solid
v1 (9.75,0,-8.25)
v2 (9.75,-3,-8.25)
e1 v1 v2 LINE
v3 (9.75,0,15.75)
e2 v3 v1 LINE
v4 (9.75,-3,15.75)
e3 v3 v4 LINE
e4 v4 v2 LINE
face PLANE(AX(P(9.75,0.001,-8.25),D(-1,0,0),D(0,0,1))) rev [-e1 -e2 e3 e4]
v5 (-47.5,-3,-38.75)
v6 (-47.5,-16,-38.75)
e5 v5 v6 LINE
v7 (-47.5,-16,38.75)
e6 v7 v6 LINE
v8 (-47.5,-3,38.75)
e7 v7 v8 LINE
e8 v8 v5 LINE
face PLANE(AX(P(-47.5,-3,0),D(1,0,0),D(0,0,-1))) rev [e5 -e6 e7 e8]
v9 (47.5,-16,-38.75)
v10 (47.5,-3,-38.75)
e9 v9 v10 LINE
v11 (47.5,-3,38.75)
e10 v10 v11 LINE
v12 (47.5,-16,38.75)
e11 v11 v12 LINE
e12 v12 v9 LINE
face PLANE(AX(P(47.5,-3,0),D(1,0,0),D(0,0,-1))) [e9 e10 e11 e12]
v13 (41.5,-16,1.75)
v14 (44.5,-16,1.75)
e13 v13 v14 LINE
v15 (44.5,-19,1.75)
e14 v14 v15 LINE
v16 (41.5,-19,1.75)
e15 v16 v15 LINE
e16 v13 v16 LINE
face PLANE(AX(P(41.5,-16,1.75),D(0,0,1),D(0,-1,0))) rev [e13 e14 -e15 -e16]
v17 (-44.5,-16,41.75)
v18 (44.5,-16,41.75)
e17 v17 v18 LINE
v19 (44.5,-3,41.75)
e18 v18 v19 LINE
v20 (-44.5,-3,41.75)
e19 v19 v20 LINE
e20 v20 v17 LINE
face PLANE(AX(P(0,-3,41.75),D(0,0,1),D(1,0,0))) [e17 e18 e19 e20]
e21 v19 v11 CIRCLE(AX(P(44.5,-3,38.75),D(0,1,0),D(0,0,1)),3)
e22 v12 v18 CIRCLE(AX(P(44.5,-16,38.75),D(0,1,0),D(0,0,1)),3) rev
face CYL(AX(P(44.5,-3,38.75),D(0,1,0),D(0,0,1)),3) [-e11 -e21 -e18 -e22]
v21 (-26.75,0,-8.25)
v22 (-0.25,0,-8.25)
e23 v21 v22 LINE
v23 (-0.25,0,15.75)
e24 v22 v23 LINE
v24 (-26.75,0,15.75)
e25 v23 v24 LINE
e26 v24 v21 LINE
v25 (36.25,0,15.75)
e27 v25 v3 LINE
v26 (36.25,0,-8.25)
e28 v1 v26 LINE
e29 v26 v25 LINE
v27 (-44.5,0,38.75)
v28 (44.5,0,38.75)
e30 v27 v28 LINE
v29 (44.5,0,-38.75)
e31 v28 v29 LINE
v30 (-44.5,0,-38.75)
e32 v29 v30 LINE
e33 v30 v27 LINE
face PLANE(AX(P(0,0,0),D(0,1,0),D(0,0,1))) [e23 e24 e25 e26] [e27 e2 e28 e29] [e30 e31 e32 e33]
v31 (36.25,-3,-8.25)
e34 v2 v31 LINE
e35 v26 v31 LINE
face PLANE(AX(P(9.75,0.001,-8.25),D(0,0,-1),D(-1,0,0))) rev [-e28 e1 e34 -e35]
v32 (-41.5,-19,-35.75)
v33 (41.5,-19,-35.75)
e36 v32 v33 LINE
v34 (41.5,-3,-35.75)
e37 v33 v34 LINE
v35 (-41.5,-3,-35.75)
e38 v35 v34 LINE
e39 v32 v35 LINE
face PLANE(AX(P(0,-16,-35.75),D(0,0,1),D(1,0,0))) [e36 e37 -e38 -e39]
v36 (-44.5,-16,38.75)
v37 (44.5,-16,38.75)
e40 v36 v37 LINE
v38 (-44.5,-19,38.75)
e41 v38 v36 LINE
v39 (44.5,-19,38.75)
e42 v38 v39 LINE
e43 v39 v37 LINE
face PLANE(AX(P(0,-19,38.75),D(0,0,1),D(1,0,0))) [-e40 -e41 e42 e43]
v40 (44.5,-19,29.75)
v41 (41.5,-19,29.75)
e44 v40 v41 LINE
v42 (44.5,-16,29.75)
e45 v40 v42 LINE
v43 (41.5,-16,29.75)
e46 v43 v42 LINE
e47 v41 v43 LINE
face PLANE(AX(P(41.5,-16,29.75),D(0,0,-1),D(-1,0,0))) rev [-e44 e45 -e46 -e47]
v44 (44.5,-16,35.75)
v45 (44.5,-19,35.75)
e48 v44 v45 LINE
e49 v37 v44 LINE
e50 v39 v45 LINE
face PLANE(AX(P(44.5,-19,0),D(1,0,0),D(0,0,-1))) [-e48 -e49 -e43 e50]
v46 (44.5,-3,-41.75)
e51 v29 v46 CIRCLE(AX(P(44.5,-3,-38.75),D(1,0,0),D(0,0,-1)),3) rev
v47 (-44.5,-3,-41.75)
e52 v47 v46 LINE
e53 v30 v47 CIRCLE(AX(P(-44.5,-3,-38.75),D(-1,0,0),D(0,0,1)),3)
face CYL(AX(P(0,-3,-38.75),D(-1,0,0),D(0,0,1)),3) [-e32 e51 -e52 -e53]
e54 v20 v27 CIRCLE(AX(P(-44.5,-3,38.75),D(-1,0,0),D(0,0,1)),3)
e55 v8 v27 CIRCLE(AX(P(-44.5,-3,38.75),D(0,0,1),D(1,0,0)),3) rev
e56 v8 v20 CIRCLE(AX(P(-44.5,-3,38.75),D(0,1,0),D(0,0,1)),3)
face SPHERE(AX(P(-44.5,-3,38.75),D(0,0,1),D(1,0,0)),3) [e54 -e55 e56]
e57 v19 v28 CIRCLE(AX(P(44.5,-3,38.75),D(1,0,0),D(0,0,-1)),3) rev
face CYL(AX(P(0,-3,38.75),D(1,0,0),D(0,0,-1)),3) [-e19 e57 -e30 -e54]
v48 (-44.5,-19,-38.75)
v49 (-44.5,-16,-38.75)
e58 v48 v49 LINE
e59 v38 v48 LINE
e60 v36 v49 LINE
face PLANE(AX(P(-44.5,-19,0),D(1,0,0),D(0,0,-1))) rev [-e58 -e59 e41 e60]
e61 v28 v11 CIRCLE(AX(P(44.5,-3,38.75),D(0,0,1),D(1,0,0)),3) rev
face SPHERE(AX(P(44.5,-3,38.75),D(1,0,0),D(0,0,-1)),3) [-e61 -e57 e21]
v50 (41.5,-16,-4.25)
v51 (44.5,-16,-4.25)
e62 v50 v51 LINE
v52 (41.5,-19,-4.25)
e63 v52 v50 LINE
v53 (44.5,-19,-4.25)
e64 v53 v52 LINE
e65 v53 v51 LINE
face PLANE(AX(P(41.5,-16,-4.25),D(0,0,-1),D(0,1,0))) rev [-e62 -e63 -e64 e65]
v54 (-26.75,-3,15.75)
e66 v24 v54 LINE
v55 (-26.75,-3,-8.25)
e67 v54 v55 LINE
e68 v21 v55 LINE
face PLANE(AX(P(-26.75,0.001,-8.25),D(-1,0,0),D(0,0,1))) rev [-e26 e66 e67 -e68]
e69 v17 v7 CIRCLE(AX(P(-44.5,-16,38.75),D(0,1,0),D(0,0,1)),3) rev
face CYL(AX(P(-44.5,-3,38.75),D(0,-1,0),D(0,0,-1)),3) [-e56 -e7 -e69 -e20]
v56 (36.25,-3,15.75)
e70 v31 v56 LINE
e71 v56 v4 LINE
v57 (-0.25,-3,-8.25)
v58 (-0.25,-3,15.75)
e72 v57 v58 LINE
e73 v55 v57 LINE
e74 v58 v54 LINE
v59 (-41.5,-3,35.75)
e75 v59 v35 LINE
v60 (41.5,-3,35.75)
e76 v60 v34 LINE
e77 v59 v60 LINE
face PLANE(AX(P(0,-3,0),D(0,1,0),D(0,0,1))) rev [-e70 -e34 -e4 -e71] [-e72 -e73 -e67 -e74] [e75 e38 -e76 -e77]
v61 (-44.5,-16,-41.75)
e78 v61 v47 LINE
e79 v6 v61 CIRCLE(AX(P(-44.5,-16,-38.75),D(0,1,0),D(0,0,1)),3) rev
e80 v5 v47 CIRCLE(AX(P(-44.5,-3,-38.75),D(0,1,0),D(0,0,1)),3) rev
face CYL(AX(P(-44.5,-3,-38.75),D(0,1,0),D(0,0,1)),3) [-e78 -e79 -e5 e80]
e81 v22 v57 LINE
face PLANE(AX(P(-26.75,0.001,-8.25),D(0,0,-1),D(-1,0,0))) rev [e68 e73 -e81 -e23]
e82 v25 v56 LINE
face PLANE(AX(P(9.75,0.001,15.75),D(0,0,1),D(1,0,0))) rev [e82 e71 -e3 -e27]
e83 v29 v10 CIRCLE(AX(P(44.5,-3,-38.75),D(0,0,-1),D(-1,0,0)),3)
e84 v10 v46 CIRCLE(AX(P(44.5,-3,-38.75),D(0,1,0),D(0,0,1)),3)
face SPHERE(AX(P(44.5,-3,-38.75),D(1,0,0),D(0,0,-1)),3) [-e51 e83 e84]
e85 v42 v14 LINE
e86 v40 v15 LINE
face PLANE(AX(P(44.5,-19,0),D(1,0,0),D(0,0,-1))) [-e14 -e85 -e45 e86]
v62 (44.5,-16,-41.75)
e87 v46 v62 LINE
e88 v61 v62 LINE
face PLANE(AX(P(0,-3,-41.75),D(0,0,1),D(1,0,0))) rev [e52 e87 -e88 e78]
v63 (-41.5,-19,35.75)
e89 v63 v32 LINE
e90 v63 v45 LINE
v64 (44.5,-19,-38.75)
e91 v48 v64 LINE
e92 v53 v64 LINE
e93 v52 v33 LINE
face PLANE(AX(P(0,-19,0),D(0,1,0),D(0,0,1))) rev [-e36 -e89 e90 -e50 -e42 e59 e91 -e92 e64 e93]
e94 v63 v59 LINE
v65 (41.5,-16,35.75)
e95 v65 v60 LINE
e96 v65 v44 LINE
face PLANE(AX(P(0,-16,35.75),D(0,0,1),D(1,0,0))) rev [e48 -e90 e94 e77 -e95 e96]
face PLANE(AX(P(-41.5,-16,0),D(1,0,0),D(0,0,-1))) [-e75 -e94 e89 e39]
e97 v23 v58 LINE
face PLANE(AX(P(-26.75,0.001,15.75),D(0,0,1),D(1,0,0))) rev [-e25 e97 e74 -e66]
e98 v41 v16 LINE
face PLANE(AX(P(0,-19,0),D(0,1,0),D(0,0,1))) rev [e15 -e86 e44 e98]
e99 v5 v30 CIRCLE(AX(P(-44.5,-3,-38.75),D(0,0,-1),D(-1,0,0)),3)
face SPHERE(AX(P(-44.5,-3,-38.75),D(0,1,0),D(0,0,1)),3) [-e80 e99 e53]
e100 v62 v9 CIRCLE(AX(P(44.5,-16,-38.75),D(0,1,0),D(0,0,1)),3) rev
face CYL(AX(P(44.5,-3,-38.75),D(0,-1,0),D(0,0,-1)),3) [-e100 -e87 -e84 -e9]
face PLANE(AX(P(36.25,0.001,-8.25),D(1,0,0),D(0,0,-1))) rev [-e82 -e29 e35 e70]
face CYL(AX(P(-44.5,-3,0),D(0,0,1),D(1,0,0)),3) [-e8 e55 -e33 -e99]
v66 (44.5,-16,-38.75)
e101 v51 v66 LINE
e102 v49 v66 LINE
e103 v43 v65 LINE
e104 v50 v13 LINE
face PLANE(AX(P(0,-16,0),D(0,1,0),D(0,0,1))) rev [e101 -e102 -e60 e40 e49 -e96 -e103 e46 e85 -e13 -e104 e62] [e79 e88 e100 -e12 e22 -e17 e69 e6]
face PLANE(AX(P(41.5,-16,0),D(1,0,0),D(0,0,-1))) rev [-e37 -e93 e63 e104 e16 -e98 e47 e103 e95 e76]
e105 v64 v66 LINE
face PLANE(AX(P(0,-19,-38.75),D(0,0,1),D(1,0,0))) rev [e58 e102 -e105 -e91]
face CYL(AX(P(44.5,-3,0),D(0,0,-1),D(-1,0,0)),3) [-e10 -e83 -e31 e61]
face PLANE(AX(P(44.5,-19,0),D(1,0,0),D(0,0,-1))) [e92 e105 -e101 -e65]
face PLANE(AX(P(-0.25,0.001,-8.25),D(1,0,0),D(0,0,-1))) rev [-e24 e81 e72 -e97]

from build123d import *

# Parameters (mm, degrees)
SKETCH1_W           = 95
SKETCH1_H           = 83.5
SKETCH1_W_2         = 89
SKETCH1_H_2         = 77.5
SKETCH1_W_3         = 83
SKETCH1_H_3         = 71.5
BOSS_EXTRUDE1_DEPTH = 3
SKETCH1_4_W         = 95
SKETCH1_4_H         = 83.5
SKETCH1_4_W_2       = 89
SKETCH1_4_H_2       = 77.5
SKETCH1_4_W_3       = 83
SKETCH1_4_H_3       = 71.5
BOSS_EXTRUDE2_DEPTH = 16
SKETCH1_5_W         = 89
SKETCH1_5_H         = 77.5
SKETCH1_5_W_2       = 83
SKETCH1_5_H_2       = 71.5
BOSS_EXTRUDE3_DEPTH = 19
FILLET1_R           = 3
SKETCH3_W           = 6
SKETCH3_H           = 6
CUT_EXTRUDE1_DEPTH  = 6
CUT_EXTRUDE2_REACH  = 5
SKETCH4_W           = 26.5
SKETCH4_H           = 24


with BuildPart() as part:
    # Sketch1 → Boss-Extrude1 (new body)
    with BuildSketch(Plane(origin=(0, 0, 0), x_dir=(1, 0, 0), z_dir=(0, 1, 0))):
        Rectangle(SKETCH1_W, SKETCH1_H)
        Rectangle(SKETCH1_W_2, SKETCH1_H_2, mode=Mode.SUBTRACT)
        Rectangle(SKETCH1_W_2, SKETCH1_H_2)
        Rectangle(SKETCH1_W_3, SKETCH1_H_3, mode=Mode.SUBTRACT)
        Rectangle(SKETCH1_W_3, SKETCH1_H_3)
    extrude(amount=-BOSS_EXTRUDE1_DEPTH)

    # Sketch1_4 → Boss-Extrude2 (add)
    with BuildSketch(Plane(origin=(0, 0, 0), x_dir=(1, 0, 0), z_dir=(0, 1, 0))):
        Rectangle(SKETCH1_4_W, SKETCH1_4_H)
        Rectangle(SKETCH1_4_W_2, SKETCH1_4_H_2, mode=Mode.SUBTRACT)
        Rectangle(SKETCH1_4_W_2, SKETCH1_4_H_2)
        Rectangle(SKETCH1_4_W_3, SKETCH1_4_H_3, mode=Mode.SUBTRACT)
    extrude(amount=-BOSS_EXTRUDE2_DEPTH)

    # Sketch1_5 → Boss-Extrude3 (add)
    with BuildSketch(Plane(origin=(0, 0, 0), x_dir=(1, 0, 0), z_dir=(0, 1, 0))):
        Rectangle(SKETCH1_5_W, SKETCH1_5_H)
        Rectangle(SKETCH1_5_W_2, SKETCH1_5_H_2, mode=Mode.SUBTRACT)
    extrude(amount=-BOSS_EXTRUDE3_DEPTH)

    # Fillet1
    fillet1_edges = [part.edges().sort_by_distance(p)[0] for p in [
        (-47.5, 0, 0),
        (0, 0, -41.75),
        (47.5, 0, 0),
        (0, 0, 41.75),
        (-47.5, -8, 41.75),
        (-47.5, -8, -41.75),
        (47.5, -8, -41.75),
        (47.5, -8, 41.75),
    ]]
    fillet(fillet1_edges, radius=FILLET1_R)

    # Sketch3 → Cut-Extrude1 (cut)
    with BuildSketch(Plane(origin=(47.5, 0, 0), x_dir=(0, 0, -1), z_dir=(1, 0, 0))):
        with Locations((-32.75, -19)):
            Rectangle(SKETCH3_W, SKETCH3_H)
        with Locations((1.25, -19)):
            Rectangle(SKETCH3_W, SKETCH3_H)
    extrude(amount=-CUT_EXTRUDE1_DEPTH, mode=Mode.SUBTRACT)

    # Sketch4 → Cut-Extrude2 (cut, up to next)
    with BuildSketch(Plane.XZ.offset(3), mode=Mode.PRIVATE) as cut_extrude2_sk1:
        with Locations((-13.5, 3.75)):
            Rectangle(SKETCH4_W, SKETCH4_H)
    cut_extrude2_tool1 = extrude(cut_extrude2_sk1.sketch, amount=-CUT_EXTRUDE2_REACH, mode=Mode.PRIVATE) & part.part
    add(cut_extrude2_tool1.solids().sort_by_distance((-13.5, -3, 3.75))[0], mode=Mode.SUBTRACT)
    # Sketch4 → Cut-Extrude2 (cut, up to next)
    with BuildSketch(Plane.XZ.offset(3), mode=Mode.PRIVATE) as cut_extrude2_sk2:
        with Locations((23, 3.75)):
            Rectangle(SKETCH4_W, SKETCH4_H)
    cut_extrude2_tool2 = extrude(cut_extrude2_sk2.sketch, amount=-CUT_EXTRUDE2_REACH, mode=Mode.PRIVATE) & part.part
    add(cut_extrude2_tool2.solids().sort_by_distance((23, -3, 3.75))[0], mode=Mode.SUBTRACT)


solid = part.part
